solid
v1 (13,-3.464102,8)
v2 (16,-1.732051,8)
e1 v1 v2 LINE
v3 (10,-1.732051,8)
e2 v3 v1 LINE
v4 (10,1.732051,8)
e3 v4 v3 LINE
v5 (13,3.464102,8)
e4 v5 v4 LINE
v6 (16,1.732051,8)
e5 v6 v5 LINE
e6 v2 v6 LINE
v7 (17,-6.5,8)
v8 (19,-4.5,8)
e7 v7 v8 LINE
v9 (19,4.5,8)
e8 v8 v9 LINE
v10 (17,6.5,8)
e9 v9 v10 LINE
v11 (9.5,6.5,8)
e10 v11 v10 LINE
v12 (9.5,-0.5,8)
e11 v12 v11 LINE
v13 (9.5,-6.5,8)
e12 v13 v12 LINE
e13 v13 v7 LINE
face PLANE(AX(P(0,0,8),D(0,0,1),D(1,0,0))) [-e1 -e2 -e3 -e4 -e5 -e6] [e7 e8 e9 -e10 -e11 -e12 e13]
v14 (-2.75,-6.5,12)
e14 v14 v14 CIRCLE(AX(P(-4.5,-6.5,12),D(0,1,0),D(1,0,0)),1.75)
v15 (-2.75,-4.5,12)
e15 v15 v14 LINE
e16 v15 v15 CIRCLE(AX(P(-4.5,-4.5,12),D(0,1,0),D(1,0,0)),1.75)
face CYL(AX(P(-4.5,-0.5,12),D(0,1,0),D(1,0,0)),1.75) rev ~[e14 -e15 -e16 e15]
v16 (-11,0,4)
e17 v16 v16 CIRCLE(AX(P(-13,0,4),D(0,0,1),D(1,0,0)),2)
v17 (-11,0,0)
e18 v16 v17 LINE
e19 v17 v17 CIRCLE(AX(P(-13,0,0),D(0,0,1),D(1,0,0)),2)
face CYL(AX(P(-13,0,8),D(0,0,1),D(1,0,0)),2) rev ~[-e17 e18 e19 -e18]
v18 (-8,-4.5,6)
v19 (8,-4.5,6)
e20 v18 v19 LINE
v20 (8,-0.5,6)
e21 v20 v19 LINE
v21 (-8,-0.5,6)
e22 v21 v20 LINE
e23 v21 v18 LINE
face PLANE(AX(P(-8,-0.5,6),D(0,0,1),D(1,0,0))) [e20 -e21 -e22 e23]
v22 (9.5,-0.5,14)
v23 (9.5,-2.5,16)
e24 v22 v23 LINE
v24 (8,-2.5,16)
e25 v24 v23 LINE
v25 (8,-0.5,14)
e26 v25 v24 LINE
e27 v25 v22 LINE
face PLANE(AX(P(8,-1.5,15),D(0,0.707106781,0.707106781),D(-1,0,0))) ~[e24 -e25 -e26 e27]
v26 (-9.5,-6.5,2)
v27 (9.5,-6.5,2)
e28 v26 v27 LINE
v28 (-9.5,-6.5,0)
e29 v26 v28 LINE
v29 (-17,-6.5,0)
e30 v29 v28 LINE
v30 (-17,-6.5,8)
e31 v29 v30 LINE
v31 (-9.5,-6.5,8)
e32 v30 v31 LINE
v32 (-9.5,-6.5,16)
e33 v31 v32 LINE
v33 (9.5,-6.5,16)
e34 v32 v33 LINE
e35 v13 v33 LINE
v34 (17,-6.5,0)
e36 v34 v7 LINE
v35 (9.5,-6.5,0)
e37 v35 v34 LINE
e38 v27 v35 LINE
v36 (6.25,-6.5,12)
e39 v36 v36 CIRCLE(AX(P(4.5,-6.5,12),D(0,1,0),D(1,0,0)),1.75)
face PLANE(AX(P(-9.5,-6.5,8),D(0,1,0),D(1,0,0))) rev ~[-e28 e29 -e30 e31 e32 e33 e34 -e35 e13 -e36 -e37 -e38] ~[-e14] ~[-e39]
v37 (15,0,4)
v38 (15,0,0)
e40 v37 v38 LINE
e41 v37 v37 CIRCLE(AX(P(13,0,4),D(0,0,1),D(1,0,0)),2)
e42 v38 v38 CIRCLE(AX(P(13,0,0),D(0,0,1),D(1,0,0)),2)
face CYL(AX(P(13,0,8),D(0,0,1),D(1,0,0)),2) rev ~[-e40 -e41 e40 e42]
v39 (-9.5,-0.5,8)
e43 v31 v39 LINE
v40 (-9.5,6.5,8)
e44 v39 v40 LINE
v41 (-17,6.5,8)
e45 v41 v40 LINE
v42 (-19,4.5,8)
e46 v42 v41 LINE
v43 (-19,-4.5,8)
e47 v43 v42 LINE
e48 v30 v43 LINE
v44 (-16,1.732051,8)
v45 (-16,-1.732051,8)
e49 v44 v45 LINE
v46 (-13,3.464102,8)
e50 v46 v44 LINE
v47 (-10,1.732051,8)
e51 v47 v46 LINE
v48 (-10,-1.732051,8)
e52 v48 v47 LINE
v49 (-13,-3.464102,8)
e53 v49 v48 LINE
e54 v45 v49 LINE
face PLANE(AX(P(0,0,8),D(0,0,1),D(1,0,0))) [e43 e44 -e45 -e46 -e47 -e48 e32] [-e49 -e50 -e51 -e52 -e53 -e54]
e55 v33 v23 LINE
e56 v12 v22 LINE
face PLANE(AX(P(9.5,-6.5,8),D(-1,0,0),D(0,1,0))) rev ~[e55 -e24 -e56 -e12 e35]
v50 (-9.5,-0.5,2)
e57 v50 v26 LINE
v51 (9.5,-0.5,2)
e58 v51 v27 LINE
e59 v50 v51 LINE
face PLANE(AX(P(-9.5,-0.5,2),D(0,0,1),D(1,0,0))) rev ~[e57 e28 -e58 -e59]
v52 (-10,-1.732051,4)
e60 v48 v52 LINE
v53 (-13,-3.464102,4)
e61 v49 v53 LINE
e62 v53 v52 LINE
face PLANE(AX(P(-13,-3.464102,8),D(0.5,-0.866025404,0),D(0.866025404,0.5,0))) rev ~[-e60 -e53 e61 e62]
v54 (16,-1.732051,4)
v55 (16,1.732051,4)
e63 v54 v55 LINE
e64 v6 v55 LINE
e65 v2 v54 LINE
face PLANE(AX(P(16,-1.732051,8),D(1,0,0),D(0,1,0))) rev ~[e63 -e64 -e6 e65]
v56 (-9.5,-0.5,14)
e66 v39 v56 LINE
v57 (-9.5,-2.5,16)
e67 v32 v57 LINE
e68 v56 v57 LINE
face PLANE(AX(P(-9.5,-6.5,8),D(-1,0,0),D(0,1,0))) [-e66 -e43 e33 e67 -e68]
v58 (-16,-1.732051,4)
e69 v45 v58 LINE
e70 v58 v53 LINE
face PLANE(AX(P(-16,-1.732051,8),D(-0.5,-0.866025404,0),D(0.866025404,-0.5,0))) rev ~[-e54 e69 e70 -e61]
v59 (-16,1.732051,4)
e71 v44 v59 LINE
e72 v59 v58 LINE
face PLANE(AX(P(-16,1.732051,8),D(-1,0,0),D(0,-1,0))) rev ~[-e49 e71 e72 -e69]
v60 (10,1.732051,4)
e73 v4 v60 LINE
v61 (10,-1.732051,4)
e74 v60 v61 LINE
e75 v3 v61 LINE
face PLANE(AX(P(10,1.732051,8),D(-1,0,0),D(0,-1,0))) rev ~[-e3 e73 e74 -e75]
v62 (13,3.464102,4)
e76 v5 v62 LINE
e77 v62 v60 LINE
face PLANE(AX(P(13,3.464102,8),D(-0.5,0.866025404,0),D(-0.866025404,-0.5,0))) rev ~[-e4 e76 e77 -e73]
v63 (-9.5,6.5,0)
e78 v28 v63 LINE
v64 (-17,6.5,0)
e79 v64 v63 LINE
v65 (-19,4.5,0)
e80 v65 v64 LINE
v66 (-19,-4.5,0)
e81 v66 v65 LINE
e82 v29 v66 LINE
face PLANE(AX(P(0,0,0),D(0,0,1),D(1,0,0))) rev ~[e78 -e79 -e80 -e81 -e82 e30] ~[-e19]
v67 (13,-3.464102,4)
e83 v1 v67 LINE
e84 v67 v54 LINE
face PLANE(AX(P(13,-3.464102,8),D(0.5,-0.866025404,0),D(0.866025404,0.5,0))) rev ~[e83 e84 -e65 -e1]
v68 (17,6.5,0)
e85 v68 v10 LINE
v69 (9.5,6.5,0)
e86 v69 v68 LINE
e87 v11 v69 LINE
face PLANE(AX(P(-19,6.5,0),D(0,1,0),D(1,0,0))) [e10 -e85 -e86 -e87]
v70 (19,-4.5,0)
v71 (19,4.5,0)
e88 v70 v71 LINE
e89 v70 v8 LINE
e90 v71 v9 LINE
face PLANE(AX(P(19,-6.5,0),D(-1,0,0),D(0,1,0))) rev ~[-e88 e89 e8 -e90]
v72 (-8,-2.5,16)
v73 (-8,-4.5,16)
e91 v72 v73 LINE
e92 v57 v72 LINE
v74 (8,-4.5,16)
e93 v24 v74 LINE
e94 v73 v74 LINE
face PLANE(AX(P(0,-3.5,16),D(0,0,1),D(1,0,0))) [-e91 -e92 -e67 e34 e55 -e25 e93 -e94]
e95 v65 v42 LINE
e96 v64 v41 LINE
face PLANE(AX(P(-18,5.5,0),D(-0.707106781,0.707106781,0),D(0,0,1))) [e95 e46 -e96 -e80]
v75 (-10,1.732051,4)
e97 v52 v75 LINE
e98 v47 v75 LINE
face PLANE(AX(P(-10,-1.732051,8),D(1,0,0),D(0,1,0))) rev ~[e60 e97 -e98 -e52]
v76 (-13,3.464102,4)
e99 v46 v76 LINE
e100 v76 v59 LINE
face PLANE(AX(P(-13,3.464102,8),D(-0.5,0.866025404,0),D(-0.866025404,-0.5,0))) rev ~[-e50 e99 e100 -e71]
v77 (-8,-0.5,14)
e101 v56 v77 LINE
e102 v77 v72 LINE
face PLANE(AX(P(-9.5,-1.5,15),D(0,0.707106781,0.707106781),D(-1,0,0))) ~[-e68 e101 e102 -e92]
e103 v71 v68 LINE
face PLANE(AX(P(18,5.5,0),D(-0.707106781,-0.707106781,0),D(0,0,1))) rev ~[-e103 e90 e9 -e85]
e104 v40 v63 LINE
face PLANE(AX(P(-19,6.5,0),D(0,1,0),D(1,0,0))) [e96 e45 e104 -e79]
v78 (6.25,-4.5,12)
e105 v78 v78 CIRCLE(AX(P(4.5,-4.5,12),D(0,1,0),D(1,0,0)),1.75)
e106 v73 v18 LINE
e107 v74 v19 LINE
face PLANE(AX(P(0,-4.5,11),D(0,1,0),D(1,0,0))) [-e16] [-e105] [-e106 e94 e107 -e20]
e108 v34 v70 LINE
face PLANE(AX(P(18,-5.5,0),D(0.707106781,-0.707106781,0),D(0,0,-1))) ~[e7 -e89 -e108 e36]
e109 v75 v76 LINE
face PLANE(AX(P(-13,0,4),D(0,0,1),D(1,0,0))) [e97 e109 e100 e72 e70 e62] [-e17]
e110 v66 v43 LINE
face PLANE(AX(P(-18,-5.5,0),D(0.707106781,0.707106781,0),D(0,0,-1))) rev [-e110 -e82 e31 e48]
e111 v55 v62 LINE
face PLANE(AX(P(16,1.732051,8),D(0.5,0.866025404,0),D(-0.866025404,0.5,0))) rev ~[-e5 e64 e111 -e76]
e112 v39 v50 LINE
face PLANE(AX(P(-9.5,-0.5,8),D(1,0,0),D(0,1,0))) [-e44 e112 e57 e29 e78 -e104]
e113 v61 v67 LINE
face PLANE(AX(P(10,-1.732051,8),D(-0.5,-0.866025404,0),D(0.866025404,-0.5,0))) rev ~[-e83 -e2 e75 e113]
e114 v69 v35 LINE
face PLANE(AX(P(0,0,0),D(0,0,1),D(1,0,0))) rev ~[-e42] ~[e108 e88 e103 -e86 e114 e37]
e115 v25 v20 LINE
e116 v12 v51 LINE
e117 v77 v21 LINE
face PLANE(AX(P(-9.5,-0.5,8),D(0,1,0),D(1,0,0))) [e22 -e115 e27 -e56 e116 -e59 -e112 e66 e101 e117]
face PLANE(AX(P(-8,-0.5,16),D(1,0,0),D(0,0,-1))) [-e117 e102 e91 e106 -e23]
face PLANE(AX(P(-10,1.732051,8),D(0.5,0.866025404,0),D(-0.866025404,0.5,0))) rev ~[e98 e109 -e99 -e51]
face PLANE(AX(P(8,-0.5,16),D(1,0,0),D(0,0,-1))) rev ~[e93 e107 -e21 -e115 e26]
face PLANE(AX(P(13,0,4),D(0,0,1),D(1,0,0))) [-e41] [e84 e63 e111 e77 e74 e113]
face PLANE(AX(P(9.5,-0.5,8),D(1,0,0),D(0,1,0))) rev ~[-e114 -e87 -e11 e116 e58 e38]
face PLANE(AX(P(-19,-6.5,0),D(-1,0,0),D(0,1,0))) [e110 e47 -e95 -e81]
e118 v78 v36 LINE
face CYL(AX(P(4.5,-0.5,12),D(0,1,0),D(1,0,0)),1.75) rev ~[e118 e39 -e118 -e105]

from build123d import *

# Parameters (mm, degrees)
SKETCH1_W           = 38
SKETCH1_H           = 13
BOSS_EXTRUDE1_DEPTH = 8
SKETCH2_W           = 19
SKETCH2_H           = 14
CUT_EXTRUDE1_DEPTH  = 9
SKETCH3_R           = 2
CUT_EXTRUDE2_DEPTH  = 9
SKETCH4_W           = 19
SKETCH4_H           = 6
BOSS_EXTRUDE2_DEPTH = 8
SKETCH5_R           = 1.75
CUT_EXTRUDE3_DEPTH  = 7
CUT_EXTRUDE4_DEPTH  = 4
SKETCH7_W           = 16
SKETCH7_H           = 10
CUT_EXTRUDE5_DEPTH  = 4
CHAMFER1_SIZE       = 2
SKETCH8_W           = 19
SKETCH8_H           = 2
CUT_EXTRUDE6_DEPTH  = 7


with BuildPart() as part:
    # Sketch1 → Boss-Extrude1 (new body)
    with BuildSketch(Plane.XY):
        Rectangle(SKETCH1_W, SKETCH1_H)
    extrude(amount=BOSS_EXTRUDE1_DEPTH)

    # Sketch2 → Cut-Extrude1 (cut, through all)
    with BuildSketch(Plane.XY.offset(8)):
        with Locations((0, 6.5)):
            Rectangle(SKETCH2_W, SKETCH2_H)
    extrude(amount=-CUT_EXTRUDE1_DEPTH, mode=Mode.SUBTRACT)

    # Sketch3 → Cut-Extrude2 (cut, through all)
    with BuildSketch(Plane.XY.offset(8)):
        with Locations((-13, 0)):
            Circle(SKETCH3_R)
        with Locations((13, 0)):
            Circle(SKETCH3_R)
    extrude(amount=-CUT_EXTRUDE2_DEPTH, mode=Mode.SUBTRACT)

    # Sketch4 → Boss-Extrude2 (add)
    with BuildSketch(Plane.XY.offset(8)):
        with Locations((0, -3.5)):
            Rectangle(SKETCH4_W, SKETCH4_H)
    extrude(amount=BOSS_EXTRUDE2_DEPTH)

    # Sketch5 → Cut-Extrude3 (cut, through all)
    with BuildSketch(Plane(origin=(0, -0.5, 0), x_dir=(1, 0, 0), z_dir=(0, 1, 0))):
        with Locations((-4.5, -12)):
            Circle(SKETCH5_R)
        with Locations((4.5, -12)):
            Circle(SKETCH5_R)
    extrude(amount=-CUT_EXTRUDE3_DEPTH, mode=Mode.SUBTRACT)

    # Sketch6 → Cut-Extrude4 (cut)
    with BuildSketch(Plane.XY.offset(8)):
        Polygon((-13, 3.464101615), (-16, 1.732050808), (-16, -1.732050808), (-13, -3.464101615), (-10, -1.732050808), (-10, 1.732050808), align=None)
        Polygon((13, -3.464101615), (16, -1.732050808), (16, 1.732050808), (13, 3.464101615), (10, 1.732050808), (10, -1.732050808), align=None)
    extrude(amount=-CUT_EXTRUDE4_DEPTH, mode=Mode.SUBTRACT)

    # Sketch7 → Cut-Extrude5 (cut)
    with BuildSketch(Plane(origin=(0, -0.5, 0), x_dir=(1, 0, 0), z_dir=(0, 1, 0))):
        with Locations((0, -11)):
            Rectangle(SKETCH7_W, SKETCH7_H)
    extrude(amount=-CUT_EXTRUDE5_DEPTH, mode=Mode.SUBTRACT)

    # Chamfer1
    chamfer1_edges = [part.edges().sort_by_distance(p)[0] for p in [
        (-8.75, -0.5, 16),
        (8.75, -0.5, 16),
        (19, -6.5, 4),
        (-19, -6.5, 4),
        (-19, 6.5, 4),
        (19, 6.5, 4),
    ]]
    chamfer(chamfer1_edges, length=CHAMFER1_SIZE)

    # Sketch8 → Cut-Extrude6 (cut, through all)
    with BuildSketch(Plane(origin=(0, -0.5, 0), x_dir=(1, 0, 0), z_dir=(0, 1, 0))):
        with Locations((0, -1)):
            Rectangle(SKETCH8_W, SKETCH8_H)
    extrude(amount=-CUT_EXTRUDE6_DEPTH, mode=Mode.SUBTRACT)


solid = part.part
